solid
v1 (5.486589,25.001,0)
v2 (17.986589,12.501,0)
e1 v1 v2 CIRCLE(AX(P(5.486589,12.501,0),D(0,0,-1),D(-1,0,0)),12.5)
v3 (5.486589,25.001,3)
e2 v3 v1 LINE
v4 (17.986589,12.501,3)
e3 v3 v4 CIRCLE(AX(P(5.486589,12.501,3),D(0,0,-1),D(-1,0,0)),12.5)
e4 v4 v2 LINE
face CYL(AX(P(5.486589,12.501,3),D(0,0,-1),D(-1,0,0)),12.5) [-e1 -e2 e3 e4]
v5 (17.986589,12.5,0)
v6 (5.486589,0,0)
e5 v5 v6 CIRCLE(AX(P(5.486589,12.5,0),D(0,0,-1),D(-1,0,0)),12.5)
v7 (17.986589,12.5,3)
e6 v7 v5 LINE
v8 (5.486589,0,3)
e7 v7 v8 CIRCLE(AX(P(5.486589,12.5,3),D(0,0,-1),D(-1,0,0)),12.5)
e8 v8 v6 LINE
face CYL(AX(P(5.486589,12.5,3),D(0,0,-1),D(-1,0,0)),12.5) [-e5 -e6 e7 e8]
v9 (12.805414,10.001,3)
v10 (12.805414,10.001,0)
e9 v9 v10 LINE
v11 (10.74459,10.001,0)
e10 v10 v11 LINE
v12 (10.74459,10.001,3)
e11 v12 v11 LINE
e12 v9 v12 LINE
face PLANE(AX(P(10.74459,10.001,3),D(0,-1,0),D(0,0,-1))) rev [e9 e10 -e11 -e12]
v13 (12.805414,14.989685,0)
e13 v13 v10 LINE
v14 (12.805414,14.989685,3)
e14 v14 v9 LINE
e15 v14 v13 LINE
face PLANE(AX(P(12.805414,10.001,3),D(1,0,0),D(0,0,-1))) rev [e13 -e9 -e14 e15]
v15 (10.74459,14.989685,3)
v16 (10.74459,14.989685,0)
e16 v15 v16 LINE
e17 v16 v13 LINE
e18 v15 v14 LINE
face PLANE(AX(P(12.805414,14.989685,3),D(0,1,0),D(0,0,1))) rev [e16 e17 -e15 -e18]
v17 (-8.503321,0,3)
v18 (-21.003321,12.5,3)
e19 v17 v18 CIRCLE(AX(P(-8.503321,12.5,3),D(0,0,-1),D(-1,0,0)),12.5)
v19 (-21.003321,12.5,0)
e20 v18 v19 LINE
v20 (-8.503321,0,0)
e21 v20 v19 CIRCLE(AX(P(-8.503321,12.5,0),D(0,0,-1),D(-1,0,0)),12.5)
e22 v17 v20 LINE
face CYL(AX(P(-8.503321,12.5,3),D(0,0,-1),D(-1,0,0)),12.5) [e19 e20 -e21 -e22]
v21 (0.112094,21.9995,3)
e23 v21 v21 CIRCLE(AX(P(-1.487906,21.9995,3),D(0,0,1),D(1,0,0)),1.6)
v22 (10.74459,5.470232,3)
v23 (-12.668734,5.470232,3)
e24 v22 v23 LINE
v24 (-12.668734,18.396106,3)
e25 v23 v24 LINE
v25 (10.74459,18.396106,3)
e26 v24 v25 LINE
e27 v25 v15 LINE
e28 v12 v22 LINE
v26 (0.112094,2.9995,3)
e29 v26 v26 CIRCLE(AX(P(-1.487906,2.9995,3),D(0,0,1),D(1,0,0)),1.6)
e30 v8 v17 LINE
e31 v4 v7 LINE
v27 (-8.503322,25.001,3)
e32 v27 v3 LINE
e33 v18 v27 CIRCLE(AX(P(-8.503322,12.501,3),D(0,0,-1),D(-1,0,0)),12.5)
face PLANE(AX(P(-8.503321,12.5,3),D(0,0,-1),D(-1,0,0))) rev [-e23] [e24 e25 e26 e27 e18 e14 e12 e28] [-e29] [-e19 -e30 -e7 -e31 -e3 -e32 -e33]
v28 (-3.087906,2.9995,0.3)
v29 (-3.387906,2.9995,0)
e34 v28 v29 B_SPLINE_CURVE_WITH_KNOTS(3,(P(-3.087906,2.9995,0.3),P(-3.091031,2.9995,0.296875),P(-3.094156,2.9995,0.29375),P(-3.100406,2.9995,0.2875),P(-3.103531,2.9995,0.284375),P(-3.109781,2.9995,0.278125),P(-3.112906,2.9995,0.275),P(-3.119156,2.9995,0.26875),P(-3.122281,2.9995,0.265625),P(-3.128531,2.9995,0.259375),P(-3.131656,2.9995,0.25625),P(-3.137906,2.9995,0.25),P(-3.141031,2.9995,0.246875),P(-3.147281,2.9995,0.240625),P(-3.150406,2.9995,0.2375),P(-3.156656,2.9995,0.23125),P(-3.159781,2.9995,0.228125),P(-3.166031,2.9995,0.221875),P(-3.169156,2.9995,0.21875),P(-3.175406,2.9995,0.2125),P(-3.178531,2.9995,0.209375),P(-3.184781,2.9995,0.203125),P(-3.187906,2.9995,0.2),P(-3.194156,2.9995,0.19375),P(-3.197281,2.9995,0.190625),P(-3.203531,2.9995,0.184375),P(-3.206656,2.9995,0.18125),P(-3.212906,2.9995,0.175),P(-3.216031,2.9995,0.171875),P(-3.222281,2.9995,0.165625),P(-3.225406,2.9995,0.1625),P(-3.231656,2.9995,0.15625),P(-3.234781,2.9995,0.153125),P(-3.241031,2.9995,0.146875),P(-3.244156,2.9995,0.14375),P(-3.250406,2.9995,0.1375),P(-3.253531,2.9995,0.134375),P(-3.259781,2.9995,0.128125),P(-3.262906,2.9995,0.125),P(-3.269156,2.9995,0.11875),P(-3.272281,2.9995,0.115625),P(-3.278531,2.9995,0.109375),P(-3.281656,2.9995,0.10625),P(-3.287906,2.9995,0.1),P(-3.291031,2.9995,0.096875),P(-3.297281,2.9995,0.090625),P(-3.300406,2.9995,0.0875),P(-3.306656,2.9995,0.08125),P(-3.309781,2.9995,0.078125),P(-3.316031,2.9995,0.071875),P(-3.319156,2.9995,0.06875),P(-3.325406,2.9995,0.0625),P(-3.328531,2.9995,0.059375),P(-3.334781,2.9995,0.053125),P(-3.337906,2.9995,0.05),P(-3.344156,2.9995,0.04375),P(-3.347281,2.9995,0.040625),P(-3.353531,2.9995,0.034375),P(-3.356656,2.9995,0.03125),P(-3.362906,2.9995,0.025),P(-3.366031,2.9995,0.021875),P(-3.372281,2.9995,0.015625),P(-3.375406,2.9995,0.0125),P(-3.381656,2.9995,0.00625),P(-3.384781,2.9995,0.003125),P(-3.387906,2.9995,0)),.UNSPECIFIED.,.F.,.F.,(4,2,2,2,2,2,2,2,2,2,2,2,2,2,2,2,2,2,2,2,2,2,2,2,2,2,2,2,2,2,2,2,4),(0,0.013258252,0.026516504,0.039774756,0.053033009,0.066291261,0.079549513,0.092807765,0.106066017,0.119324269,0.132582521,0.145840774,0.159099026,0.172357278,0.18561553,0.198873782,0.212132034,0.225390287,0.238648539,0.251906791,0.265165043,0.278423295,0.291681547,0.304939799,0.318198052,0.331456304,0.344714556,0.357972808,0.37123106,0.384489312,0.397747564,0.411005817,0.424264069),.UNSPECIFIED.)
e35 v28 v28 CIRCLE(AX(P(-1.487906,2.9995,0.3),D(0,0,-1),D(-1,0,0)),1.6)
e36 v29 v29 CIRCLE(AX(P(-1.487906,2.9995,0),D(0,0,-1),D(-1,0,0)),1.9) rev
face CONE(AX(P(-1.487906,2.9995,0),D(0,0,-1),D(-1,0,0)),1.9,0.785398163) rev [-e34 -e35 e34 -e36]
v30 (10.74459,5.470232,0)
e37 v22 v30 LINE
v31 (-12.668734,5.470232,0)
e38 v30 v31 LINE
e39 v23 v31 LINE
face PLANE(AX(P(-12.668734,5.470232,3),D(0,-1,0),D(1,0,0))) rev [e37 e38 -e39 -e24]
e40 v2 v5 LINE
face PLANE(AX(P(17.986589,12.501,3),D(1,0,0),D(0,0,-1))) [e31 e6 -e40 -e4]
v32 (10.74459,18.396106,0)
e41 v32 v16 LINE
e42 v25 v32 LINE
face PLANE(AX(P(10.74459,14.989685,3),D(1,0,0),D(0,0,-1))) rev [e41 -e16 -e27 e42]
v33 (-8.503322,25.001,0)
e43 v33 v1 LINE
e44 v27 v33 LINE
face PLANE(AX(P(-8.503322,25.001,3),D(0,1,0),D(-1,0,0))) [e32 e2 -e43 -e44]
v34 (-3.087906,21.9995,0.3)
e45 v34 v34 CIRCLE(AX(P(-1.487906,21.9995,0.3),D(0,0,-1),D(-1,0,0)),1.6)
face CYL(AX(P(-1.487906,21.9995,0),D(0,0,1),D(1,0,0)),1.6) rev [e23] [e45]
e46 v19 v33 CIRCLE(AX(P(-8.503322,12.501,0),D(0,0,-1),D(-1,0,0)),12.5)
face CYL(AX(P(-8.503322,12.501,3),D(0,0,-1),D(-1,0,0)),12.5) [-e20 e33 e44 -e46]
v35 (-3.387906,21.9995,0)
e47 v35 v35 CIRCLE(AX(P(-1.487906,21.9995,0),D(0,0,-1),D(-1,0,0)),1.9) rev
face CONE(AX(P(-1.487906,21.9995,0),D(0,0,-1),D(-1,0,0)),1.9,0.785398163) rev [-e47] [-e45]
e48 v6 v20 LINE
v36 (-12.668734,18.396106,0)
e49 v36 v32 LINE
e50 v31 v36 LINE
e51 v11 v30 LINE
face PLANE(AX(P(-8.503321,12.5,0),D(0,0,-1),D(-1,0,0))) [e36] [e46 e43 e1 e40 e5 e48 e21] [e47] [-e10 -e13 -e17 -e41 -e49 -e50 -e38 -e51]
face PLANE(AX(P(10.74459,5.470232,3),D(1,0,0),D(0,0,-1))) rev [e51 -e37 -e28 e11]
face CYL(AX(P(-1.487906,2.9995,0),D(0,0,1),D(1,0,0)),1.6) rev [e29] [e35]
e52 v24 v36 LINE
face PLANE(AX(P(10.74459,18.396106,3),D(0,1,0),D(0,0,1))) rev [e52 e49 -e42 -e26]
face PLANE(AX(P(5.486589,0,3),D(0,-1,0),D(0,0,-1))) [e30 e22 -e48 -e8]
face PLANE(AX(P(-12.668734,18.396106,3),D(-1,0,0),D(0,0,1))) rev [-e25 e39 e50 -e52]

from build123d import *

# Parameters (mm, degrees)
SKETCH_1_R          = 1.3
EXTRUDE_1_DEPTH     = 3
SKETCH_2_R          = 1.6
CUT_EXTRUDE_1_DEPTH = 33.790082592
CHAMFER_1_SIZE      = 0.3


with BuildPart() as part:
    # 草图1 → 凸台-拉伸1 (new body)
    with BuildSketch(Plane(origin=(0, 0, 0), x_dir=(-1, 0, 0), z_dir=(0, 0, -1))):
        with BuildLine():
            Line((8.503321513, 25.001), (-5.486589193, 25.001))
            ThreePointArc((-5.486589193, 25.001), (-14.325423958, 21.339834765), (-17.986589193, 12.501))
            Line((-17.986589193, 12.501), (-17.986589193, 12.5))
            ThreePointArc((-17.986589193, 12.5), (-14.325423958, 3.661165235), (-5.486589193, 0))
            Line((-5.486589193, 0), (8.503321493, 0))
            ThreePointArc((8.503321493, 0), (17.342156257, 3.661165235), (21.003321493, 12.5))
            ThreePointArc((21.003321493, 12.5), (17.342509831, 21.339481206), (8.503321513, 25.001))
        make_face()
        with Locations(Location((1.487905971, 21.9995, 0), (0, 0, 180))):
            Circle(SKETCH_1_R, mode=Mode.SUBTRACT)
        with Locations(Location((1.487905971, 2.9995, 0), (0, 0, 180))):
            Circle(SKETCH_1_R, mode=Mode.SUBTRACT)
        Polygon((-12.805414109, 14.989684765), (-10.744590409, 14.989684765), (-10.744590409, 18.396106406), (12.668734206, 18.396106406), (12.668734206, 5.470232129), (-10.744590409, 5.470232129), (-10.744590409, 10.001), (-12.805414109, 10.001), align=None, mode=Mode.SUBTRACT)
    extrude(amount=-EXTRUDE_1_DEPTH)

    # 草图2 → 切除-拉伸1 (cut, through all)
    with BuildSketch(Plane.XY.offset(3)):
        with Locations((-1.487905971, 21.9995)):
            Circle(SKETCH_2_R)
        with Locations((-1.487905971, 2.9995)):
            Circle(SKETCH_2_R)
    extrude(amount=-CUT_EXTRUDE_1_DEPTH, mode=Mode.SUBTRACT)

    # 倒角1
    chamfer_1_edges = [part.edges().sort_by_distance(p)[0] for p in [
        (-3.087905971, 21.9995, 0),
        (-3.087905971, 2.9995, 0),
    ]]
    chamfer(chamfer_1_edges, length=CHAMFER_1_SIZE)


solid = part.part
